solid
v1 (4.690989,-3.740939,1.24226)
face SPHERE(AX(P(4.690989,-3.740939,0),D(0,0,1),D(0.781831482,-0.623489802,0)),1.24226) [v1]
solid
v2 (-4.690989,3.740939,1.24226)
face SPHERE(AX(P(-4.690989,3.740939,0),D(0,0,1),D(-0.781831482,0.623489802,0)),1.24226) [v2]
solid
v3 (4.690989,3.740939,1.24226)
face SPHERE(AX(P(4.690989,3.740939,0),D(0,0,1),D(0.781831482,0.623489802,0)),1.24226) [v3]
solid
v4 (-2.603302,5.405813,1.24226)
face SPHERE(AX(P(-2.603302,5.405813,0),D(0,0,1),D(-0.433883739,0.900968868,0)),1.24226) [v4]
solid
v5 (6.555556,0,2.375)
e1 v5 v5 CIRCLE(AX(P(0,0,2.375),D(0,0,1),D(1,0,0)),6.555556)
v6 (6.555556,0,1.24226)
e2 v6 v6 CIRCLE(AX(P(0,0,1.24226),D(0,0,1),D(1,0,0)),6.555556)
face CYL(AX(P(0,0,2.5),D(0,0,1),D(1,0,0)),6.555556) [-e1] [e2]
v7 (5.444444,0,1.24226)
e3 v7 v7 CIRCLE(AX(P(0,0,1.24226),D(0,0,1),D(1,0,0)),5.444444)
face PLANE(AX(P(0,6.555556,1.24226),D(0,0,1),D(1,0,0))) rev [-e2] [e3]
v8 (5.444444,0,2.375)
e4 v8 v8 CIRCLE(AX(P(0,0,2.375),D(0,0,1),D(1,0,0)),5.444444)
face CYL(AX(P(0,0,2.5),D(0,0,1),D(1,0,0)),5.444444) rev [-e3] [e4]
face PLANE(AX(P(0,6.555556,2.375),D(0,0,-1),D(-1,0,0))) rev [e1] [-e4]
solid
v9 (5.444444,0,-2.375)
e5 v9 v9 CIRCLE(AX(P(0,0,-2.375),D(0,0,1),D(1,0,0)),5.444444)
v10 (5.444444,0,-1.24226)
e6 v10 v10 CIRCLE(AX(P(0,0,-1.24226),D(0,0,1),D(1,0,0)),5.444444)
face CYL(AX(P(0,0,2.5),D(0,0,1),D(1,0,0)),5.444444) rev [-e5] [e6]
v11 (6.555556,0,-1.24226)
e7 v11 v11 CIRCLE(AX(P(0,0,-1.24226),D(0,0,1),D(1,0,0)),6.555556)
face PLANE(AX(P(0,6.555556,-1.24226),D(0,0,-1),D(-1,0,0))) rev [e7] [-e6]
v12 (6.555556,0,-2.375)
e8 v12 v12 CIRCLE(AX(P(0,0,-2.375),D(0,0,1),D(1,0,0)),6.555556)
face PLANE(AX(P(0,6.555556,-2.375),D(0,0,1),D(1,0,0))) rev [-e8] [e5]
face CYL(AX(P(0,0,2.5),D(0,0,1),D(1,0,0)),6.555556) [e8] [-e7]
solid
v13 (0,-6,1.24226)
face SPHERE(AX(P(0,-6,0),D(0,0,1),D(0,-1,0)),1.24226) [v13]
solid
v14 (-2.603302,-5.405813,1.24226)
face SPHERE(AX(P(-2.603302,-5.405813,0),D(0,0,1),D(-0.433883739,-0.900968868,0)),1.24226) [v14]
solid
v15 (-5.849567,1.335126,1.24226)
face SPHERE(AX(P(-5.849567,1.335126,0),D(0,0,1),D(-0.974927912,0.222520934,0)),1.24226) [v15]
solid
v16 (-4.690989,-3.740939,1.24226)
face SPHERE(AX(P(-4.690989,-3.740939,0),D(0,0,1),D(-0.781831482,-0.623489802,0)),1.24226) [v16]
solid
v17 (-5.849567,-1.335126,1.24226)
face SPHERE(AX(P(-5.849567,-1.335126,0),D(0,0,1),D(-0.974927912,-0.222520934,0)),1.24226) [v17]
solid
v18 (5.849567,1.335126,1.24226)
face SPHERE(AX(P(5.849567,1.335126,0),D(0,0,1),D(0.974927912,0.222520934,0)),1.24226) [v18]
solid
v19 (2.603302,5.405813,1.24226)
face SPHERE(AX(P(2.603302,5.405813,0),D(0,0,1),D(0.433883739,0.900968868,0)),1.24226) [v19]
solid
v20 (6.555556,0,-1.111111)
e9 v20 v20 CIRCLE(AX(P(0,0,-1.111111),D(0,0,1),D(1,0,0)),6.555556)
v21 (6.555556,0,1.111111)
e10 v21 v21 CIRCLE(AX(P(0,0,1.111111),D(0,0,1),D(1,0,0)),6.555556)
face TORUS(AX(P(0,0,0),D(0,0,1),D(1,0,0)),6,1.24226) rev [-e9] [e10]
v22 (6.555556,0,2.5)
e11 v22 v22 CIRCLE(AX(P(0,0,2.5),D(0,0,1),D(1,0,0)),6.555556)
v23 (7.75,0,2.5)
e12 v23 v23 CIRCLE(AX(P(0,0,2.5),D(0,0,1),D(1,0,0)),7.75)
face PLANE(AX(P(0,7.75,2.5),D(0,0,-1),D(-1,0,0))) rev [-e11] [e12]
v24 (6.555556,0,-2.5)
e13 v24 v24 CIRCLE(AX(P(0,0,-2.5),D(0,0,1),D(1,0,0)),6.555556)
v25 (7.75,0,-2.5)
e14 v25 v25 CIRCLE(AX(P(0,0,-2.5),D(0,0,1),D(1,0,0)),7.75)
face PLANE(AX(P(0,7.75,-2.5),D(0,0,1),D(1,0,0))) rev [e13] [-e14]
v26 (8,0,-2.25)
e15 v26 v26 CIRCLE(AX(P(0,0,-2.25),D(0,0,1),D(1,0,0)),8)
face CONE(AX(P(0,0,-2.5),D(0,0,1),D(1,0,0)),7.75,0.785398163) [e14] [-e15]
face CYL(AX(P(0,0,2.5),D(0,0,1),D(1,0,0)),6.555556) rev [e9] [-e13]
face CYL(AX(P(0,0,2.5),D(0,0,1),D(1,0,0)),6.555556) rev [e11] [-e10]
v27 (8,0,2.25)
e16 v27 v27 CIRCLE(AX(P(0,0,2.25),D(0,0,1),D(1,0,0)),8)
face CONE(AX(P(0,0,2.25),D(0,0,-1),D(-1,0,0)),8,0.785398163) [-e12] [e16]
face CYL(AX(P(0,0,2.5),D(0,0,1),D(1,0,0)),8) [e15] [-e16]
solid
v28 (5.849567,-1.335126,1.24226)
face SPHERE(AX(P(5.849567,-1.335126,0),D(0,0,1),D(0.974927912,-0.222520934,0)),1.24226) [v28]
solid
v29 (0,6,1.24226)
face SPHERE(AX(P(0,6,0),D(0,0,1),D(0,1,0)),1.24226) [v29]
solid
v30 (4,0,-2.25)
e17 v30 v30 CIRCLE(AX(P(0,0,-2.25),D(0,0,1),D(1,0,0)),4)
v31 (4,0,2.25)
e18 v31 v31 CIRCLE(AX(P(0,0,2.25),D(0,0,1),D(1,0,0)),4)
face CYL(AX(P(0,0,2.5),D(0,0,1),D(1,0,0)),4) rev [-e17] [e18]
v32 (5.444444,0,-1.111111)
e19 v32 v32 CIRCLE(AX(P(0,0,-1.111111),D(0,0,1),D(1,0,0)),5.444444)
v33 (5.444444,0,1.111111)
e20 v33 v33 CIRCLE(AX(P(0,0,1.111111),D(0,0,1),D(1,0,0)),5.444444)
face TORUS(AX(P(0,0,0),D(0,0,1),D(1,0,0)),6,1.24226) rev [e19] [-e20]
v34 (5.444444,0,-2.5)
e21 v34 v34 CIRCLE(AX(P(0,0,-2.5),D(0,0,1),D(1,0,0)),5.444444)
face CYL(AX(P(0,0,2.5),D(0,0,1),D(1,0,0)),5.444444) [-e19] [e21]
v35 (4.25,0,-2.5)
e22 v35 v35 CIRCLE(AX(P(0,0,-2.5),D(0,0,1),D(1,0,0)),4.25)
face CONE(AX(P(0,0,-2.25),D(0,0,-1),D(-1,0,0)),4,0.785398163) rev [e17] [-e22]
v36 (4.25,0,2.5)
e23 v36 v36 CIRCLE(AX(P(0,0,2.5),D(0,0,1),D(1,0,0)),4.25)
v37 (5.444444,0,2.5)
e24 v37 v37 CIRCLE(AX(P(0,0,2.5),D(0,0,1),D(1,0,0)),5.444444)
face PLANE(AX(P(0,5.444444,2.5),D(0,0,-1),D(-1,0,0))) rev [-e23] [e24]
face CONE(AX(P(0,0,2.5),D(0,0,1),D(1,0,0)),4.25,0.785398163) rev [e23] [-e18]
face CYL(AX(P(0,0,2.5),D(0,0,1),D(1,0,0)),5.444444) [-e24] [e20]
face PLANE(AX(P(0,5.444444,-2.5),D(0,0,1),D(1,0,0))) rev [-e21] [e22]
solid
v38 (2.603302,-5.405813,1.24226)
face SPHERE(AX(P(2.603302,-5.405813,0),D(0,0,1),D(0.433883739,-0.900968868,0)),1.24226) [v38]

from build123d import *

# Parameters (mm, degrees)
CIRPATTERN1_COUNT = 14
SKETCH5_W         = 1.132740013
SKETCH5_H         = 1.111111112


with BuildPart() as part:
    # Sketch1 → Revolve1 (revolve)
    with BuildSketch(Plane(origin=(0, 0, 0), x_dir=(0, 0, -1), z_dir=(1, 0, 0))):
        with BuildLine():
            Line((2.25, 8), (-2.25, 8))
            Line((-2.25, 8), (-2.5, 7.75))
            Line((-2.5, 7.75), (-2.5, 6.555555556))
            Line((-2.5, 6.555555556), (-1.111111111, 6.555555556))
            ThreePointArc((-1.111111111, 6.555555556), (0, 7.242259987), (1.111111111, 6.555555556))
            Line((1.111111111, 6.555555556), (2.5, 6.555555556))
            Line((2.5, 6.555555556), (2.5, 7.75))
            Line((2.5, 7.75), (2.25, 8))
        make_face()
    revolve(axis=Axis((0, 0, 2.5), (0, 0, -1)))


with BuildPart() as body_2:
    # Sketch2 → Revolve2 (revolve)
    with BuildSketch(Plane(origin=(0, 0, 0), x_dir=(0, 0, -1), z_dir=(1, 0, 0))):
        with BuildLine():
            Line((-2.5, 5.444444444), (-1.111111111, 5.444444444))
            ThreePointArc((-1.111111111, 5.444444444), (0, 4.757740013), (1.111111111, 5.444444444))
            Line((1.111111111, 5.444444444), (2.5, 5.444444444))
            Line((2.5, 5.444444444), (2.5, 4.25))
            Line((2.5, 4.25), (2.25, 4))
            Line((2.25, 4), (-2.25, 4))
            Line((-2.25, 4), (-2.5, 4.25))
            Line((-2.5, 4.25), (-2.5, 5.444444444))
        make_face()
    revolve(axis=Axis((0, 0, 2.5), (0, 0, -1)))


with BuildPart() as body_3:
    # Sketch3 → Revolve3 (revolve)
    with BuildSketch(Plane(origin=(0, 0, 0), x_dir=(0, 0, -1), z_dir=(1, 0, 0))):
        with BuildLine():
            Line((-1.242259987, 6), (1.242259987, 6))
            ThreePointArc((1.242259987, 6), (0, 7.242259987), (-1.242259987, 6))
        make_face()
    revolve(axis=Axis((0, 6, 1.242259987), (0, 0, -1)))


with BuildPart() as cirpattern1_1:
    # CirPattern1: pattern copy
    add(body_3.part.rotate(Axis((0, 0, -2.5), (0, 0, 1)), 1 * 360 / CIRPATTERN1_COUNT))


with BuildPart() as cirpattern1_2:
    # CirPattern1: pattern copy
    add(body_3.part.rotate(Axis((0, 0, -2.5), (0, 0, 1)), 2 * 360 / CIRPATTERN1_COUNT))


with BuildPart() as cirpattern1_3:
    # CirPattern1: pattern copy
    add(body_3.part.rotate(Axis((0, 0, -2.5), (0, 0, 1)), 3 * 360 / CIRPATTERN1_COUNT))


with BuildPart() as cirpattern1_4:
    # CirPattern1: pattern copy
    add(body_3.part.rotate(Axis((0, 0, -2.5), (0, 0, 1)), 4 * 360 / CIRPATTERN1_COUNT))


with BuildPart() as cirpattern1_5:
    # CirPattern1: pattern copy
    add(body_3.part.rotate(Axis((0, 0, -2.5), (0, 0, 1)), 5 * 360 / CIRPATTERN1_COUNT))


with BuildPart() as cirpattern1_6:
    # CirPattern1: pattern copy
    add(body_3.part.rotate(Axis((0, 0, -2.5), (0, 0, 1)), 6 * 360 / CIRPATTERN1_COUNT))


with BuildPart() as cirpattern1_7:
    # CirPattern1: pattern copy
    add(body_3.part.rotate(Axis((0, 0, -2.5), (0, 0, 1)), 7 * 360 / CIRPATTERN1_COUNT))


with BuildPart() as cirpattern1_8:
    # CirPattern1: pattern copy
    add(body_3.part.rotate(Axis((0, 0, -2.5), (0, 0, 1)), 8 * 360 / CIRPATTERN1_COUNT))


with BuildPart() as cirpattern1_9:
    # CirPattern1: pattern copy
    add(body_3.part.rotate(Axis((0, 0, -2.5), (0, 0, 1)), 9 * 360 / CIRPATTERN1_COUNT))


with BuildPart() as cirpattern1_10:
    # CirPattern1: pattern copy
    add(body_3.part.rotate(Axis((0, 0, -2.5), (0, 0, 1)), 10 * 360 / CIRPATTERN1_COUNT))


with BuildPart() as cirpattern1_11:
    # CirPattern1: pattern copy
    add(body_3.part.rotate(Axis((0, 0, -2.5), (0, 0, 1)), 11 * 360 / CIRPATTERN1_COUNT))


with BuildPart() as cirpattern1_12:
    # CirPattern1: pattern copy
    add(body_3.part.rotate(Axis((0, 0, -2.5), (0, 0, 1)), 12 * 360 / CIRPATTERN1_COUNT))


with BuildPart() as cirpattern1_13:
    # CirPattern1: pattern copy
    add(body_3.part.rotate(Axis((0, 0, -2.5), (0, 0, 1)), 13 * 360 / CIRPATTERN1_COUNT))


with BuildPart() as body_17:
    # Sketch5 → Revolve5 (revolve)
    with BuildSketch(Plane(origin=(0, 0, 0), x_dir=(0, 0, -1), z_dir=(1, 0, 0))):
        with Locations((-1.808629994, 6)):
            Rectangle(SKETCH5_W, SKETCH5_H)
        with Locations((1.808629994, 6)):
            Rectangle(SKETCH5_W, SKETCH5_H)
    revolve(axis=Axis((0, 0, 2.5), (0, 0, -1)))


solid = Compound([part.part, body_2.part, body_3.part, cirpattern1_1.part, cirpattern1_2.part, cirpattern1_3.part, cirpattern1_4.part, cirpattern1_5.part, cirpattern1_6.part, cirpattern1_7.part, cirpattern1_8.part, cirpattern1_9.part, cirpattern1_10.part, cirpattern1_11.part, cirpattern1_12.part, cirpattern1_13.part, body_17.part])
